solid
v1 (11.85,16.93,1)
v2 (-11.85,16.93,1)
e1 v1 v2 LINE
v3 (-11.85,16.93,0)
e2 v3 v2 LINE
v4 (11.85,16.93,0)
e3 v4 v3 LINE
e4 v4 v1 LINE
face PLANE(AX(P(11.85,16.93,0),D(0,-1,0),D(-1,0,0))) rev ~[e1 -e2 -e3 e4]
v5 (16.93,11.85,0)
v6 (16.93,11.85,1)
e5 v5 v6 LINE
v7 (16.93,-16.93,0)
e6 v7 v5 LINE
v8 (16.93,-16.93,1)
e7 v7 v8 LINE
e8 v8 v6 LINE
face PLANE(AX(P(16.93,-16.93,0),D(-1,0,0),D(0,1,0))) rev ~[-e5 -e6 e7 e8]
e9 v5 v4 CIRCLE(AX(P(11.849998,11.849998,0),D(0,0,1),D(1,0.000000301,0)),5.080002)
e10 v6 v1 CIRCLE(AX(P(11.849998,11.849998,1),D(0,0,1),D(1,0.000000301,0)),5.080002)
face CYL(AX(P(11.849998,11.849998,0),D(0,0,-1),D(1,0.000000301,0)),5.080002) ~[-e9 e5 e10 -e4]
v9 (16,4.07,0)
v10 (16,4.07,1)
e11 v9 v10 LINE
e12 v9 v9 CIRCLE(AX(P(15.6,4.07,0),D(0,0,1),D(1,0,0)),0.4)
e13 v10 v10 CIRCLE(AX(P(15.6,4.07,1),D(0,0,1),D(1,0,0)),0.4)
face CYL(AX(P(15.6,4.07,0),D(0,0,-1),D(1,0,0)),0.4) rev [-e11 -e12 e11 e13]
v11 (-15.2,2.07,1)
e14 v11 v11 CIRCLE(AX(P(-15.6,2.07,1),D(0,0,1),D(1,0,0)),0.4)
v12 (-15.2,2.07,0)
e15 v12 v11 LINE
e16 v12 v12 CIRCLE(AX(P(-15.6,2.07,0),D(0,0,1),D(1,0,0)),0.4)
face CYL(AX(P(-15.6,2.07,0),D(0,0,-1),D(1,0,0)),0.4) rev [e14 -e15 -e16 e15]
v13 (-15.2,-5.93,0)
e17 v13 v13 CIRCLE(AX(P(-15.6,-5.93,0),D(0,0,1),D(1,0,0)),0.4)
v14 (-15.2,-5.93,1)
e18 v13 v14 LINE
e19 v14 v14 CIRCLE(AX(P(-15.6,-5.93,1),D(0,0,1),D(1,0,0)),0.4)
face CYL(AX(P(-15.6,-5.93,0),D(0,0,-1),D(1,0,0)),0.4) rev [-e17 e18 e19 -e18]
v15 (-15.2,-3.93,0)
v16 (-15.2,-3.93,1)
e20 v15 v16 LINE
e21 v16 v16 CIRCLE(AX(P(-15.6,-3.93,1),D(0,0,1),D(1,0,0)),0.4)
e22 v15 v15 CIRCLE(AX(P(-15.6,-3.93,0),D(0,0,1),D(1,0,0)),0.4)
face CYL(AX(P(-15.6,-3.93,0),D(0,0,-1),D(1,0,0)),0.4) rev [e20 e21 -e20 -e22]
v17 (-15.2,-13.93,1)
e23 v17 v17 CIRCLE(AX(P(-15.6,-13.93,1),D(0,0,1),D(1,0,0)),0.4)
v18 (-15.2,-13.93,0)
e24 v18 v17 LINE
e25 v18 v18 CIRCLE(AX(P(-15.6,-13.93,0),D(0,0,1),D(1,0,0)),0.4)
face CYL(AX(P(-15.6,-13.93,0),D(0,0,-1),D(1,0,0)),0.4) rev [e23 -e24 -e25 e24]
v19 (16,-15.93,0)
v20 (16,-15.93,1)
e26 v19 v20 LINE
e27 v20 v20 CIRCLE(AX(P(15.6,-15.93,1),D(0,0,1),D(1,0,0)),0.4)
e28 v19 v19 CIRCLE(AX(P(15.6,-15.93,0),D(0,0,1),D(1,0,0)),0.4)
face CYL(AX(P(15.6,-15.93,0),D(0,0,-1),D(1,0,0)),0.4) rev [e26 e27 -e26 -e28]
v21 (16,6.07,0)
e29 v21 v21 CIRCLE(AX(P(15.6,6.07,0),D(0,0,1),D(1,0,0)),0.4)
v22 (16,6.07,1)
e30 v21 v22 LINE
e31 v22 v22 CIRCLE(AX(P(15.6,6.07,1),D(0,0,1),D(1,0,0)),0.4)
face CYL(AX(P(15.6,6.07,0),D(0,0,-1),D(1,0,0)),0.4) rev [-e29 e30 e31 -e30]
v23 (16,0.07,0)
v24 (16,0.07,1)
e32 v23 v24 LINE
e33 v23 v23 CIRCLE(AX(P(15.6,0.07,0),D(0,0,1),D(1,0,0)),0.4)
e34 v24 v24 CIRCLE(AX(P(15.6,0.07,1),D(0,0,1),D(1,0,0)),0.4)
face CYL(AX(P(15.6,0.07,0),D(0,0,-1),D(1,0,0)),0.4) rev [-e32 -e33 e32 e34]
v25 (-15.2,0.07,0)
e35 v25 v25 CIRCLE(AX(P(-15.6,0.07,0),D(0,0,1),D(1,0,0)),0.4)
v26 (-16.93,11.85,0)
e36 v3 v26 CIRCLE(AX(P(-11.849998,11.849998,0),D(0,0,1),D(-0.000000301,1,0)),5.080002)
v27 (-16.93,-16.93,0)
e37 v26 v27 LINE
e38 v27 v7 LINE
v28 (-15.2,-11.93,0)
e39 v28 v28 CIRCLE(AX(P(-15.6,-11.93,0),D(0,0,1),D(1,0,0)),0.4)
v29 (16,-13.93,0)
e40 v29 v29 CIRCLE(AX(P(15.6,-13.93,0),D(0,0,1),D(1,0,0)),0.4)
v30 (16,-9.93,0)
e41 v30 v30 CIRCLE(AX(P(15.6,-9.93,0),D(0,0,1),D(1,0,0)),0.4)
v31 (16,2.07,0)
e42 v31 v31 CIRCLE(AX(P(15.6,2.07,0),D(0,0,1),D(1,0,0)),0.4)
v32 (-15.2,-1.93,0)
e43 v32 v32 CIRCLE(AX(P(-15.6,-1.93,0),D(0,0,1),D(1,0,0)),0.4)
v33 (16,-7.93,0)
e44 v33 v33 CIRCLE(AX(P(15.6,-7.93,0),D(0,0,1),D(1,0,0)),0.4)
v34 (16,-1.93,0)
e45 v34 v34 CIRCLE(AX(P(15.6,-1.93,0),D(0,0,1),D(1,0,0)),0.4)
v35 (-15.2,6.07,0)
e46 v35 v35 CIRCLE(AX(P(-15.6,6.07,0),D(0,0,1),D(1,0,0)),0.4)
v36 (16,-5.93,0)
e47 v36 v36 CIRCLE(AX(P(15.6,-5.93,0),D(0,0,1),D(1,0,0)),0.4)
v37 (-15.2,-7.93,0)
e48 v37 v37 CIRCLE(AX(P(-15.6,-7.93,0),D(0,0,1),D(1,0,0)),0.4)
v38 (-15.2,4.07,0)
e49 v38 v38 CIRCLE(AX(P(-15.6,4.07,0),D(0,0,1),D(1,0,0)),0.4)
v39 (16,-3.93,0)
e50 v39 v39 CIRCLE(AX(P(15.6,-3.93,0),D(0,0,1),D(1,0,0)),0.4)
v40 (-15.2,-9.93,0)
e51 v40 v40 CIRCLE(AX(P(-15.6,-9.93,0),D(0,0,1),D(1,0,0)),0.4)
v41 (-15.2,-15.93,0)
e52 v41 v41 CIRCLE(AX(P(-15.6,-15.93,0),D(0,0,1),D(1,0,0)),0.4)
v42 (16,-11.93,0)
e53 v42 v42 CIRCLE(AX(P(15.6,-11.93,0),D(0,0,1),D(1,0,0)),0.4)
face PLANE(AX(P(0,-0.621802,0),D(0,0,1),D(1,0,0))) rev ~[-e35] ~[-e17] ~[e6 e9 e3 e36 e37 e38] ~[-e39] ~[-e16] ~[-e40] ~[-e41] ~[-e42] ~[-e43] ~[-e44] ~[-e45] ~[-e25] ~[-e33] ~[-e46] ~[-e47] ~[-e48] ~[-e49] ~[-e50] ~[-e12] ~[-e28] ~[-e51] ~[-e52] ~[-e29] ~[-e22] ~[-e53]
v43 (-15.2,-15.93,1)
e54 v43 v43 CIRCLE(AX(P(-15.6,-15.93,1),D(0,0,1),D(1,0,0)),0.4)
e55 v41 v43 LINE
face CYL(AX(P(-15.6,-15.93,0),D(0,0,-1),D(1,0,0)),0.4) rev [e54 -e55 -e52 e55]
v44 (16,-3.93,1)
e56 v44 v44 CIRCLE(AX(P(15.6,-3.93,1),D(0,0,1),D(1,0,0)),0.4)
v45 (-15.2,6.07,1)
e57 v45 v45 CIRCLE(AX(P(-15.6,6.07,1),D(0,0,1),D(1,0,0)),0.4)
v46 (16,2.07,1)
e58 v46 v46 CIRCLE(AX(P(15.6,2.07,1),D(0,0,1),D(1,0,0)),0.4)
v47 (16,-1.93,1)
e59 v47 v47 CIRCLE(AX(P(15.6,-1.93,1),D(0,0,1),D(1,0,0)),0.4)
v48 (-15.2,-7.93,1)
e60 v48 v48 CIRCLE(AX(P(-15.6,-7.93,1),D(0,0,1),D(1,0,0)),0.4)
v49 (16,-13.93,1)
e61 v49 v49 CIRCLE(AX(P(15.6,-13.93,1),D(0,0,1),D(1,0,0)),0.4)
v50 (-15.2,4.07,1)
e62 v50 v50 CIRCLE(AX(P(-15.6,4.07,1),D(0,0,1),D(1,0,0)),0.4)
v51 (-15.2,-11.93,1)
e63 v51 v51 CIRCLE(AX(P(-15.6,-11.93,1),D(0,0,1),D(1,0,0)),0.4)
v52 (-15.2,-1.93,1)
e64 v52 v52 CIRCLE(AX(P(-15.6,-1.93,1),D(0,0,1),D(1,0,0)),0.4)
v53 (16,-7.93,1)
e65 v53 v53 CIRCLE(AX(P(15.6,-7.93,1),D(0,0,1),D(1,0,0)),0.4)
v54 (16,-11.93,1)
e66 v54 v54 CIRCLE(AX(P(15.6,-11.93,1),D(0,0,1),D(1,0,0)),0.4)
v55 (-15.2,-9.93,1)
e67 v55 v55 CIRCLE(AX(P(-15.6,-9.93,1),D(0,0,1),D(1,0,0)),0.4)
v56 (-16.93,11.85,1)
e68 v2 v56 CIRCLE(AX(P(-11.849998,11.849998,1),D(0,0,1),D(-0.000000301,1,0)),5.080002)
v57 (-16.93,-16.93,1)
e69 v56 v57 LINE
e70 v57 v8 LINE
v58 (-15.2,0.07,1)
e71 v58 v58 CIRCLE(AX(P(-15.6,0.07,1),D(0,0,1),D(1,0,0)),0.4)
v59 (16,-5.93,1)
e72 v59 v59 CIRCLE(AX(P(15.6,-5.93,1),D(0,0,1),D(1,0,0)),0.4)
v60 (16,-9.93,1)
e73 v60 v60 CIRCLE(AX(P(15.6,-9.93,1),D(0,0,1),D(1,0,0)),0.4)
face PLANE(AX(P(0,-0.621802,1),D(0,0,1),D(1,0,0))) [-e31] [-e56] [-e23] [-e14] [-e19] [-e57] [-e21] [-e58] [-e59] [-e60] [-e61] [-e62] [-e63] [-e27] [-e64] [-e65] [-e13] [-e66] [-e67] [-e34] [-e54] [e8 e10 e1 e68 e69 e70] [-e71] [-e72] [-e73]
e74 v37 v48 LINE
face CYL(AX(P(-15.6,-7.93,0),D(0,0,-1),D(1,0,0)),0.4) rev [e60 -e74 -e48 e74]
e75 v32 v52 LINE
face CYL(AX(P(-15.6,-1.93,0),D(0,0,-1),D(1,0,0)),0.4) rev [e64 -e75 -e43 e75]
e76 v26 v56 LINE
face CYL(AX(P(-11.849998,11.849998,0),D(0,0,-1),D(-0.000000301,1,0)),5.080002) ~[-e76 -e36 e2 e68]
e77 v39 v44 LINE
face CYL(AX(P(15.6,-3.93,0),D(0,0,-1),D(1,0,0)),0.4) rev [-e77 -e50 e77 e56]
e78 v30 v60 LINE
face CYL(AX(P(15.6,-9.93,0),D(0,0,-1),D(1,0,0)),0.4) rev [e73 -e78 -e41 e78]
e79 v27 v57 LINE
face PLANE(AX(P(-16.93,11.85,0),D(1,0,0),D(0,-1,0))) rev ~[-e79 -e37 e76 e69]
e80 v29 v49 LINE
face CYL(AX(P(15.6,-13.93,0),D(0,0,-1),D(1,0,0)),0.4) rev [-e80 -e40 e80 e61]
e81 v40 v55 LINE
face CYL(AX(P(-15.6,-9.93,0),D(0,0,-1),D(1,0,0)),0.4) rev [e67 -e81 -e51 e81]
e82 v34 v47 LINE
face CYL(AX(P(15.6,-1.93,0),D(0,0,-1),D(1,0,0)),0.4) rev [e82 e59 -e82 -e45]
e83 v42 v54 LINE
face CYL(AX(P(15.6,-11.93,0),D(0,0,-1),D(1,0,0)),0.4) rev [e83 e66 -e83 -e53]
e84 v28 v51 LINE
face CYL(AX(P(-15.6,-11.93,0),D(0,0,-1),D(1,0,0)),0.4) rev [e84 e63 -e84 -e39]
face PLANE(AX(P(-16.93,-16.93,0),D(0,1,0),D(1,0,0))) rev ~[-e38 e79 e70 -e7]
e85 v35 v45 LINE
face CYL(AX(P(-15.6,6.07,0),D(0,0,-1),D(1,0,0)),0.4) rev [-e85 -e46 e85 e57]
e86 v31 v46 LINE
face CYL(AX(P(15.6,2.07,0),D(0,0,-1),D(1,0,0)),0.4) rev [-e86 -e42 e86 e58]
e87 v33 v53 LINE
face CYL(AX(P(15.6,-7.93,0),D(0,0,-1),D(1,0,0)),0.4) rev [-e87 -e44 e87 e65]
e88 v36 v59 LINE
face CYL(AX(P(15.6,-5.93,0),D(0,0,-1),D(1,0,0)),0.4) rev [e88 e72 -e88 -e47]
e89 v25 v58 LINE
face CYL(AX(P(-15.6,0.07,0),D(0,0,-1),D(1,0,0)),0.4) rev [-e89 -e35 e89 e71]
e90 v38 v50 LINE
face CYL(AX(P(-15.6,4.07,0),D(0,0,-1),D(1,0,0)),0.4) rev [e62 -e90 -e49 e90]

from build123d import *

# Parameters (mm, degrees)
F0_R     = 0.4
F1_DEPTH = 1


with BuildPart() as f1:
    # F0 (on Top) → F1 (new body)
    with BuildSketch(Plane.XY):
        with BuildLine():
            Line((-16.93, -16.93), (16.93, -16.93))
            Line((16.93, -16.93), (16.93, 11.85))
            ThreePointArc((16.93, 11.85), (15.442102, 15.442102), (11.85, 16.93))
            Line((11.85, 16.93), (-11.85, 16.93))
            ThreePointArc((-11.85, 16.93), (-15.442102, 15.442102), (-16.93, 11.85))
            Line((-16.93, 11.85), (-16.93, -16.93))
        make_face()
        with Locations((-15.6, -15.93)):
            Circle(F0_R, mode=Mode.SUBTRACT)
        with Locations((-15.6, -13.93)):
            Circle(F0_R, mode=Mode.SUBTRACT)
        with Locations((-15.6, -11.93)):
            Circle(F0_R, mode=Mode.SUBTRACT)
        with Locations((-15.6, -9.93)):
            Circle(F0_R, mode=Mode.SUBTRACT)
        with Locations((-15.6, -7.93)):
            Circle(F0_R, mode=Mode.SUBTRACT)
        with Locations((-15.6, -5.93)):
            Circle(F0_R, mode=Mode.SUBTRACT)
        with Locations((-15.6, -3.93)):
            Circle(F0_R, mode=Mode.SUBTRACT)
        with Locations((-15.6, -1.93)):
            Circle(F0_R, mode=Mode.SUBTRACT)
        with Locations((15.6, -15.93)):
            Circle(F0_R, mode=Mode.SUBTRACT)
        with Locations((15.6, -13.93)):
            Circle(F0_R, mode=Mode.SUBTRACT)
        with Locations((15.6, -11.93)):
            Circle(F0_R, mode=Mode.SUBTRACT)
        with Locations((15.6, -9.93)):
            Circle(F0_R, mode=Mode.SUBTRACT)
        with Locations((15.6, -7.93)):
            Circle(F0_R, mode=Mode.SUBTRACT)
        with Locations((15.6, -5.93)):
            Circle(F0_R, mode=Mode.SUBTRACT)
        with Locations((15.6, -3.93)):
            Circle(F0_R, mode=Mode.SUBTRACT)
        with Locations((15.6, -1.93)):
            Circle(F0_R, mode=Mode.SUBTRACT)
        with Locations((-15.6, 0.07)):
            Circle(F0_R, mode=Mode.SUBTRACT)
        with Locations((-15.6, 2.07)):
            Circle(F0_R, mode=Mode.SUBTRACT)
        with Locations((-15.6, 4.07)):
            Circle(F0_R, mode=Mode.SUBTRACT)
        with Locations((-15.6, 6.07)):
            Circle(F0_R, mode=Mode.SUBTRACT)
        with Locations((15.6, 0.07)):
            Circle(F0_R, mode=Mode.SUBTRACT)
        with Locations((15.6, 2.07)):
            Circle(F0_R, mode=Mode.SUBTRACT)
        with Locations((15.6, 4.07)):
            Circle(F0_R, mode=Mode.SUBTRACT)
        with Locations((15.6, 6.07)):
            Circle(F0_R, mode=Mode.SUBTRACT)
    extrude(amount=F1_DEPTH)


solid = f1.part
